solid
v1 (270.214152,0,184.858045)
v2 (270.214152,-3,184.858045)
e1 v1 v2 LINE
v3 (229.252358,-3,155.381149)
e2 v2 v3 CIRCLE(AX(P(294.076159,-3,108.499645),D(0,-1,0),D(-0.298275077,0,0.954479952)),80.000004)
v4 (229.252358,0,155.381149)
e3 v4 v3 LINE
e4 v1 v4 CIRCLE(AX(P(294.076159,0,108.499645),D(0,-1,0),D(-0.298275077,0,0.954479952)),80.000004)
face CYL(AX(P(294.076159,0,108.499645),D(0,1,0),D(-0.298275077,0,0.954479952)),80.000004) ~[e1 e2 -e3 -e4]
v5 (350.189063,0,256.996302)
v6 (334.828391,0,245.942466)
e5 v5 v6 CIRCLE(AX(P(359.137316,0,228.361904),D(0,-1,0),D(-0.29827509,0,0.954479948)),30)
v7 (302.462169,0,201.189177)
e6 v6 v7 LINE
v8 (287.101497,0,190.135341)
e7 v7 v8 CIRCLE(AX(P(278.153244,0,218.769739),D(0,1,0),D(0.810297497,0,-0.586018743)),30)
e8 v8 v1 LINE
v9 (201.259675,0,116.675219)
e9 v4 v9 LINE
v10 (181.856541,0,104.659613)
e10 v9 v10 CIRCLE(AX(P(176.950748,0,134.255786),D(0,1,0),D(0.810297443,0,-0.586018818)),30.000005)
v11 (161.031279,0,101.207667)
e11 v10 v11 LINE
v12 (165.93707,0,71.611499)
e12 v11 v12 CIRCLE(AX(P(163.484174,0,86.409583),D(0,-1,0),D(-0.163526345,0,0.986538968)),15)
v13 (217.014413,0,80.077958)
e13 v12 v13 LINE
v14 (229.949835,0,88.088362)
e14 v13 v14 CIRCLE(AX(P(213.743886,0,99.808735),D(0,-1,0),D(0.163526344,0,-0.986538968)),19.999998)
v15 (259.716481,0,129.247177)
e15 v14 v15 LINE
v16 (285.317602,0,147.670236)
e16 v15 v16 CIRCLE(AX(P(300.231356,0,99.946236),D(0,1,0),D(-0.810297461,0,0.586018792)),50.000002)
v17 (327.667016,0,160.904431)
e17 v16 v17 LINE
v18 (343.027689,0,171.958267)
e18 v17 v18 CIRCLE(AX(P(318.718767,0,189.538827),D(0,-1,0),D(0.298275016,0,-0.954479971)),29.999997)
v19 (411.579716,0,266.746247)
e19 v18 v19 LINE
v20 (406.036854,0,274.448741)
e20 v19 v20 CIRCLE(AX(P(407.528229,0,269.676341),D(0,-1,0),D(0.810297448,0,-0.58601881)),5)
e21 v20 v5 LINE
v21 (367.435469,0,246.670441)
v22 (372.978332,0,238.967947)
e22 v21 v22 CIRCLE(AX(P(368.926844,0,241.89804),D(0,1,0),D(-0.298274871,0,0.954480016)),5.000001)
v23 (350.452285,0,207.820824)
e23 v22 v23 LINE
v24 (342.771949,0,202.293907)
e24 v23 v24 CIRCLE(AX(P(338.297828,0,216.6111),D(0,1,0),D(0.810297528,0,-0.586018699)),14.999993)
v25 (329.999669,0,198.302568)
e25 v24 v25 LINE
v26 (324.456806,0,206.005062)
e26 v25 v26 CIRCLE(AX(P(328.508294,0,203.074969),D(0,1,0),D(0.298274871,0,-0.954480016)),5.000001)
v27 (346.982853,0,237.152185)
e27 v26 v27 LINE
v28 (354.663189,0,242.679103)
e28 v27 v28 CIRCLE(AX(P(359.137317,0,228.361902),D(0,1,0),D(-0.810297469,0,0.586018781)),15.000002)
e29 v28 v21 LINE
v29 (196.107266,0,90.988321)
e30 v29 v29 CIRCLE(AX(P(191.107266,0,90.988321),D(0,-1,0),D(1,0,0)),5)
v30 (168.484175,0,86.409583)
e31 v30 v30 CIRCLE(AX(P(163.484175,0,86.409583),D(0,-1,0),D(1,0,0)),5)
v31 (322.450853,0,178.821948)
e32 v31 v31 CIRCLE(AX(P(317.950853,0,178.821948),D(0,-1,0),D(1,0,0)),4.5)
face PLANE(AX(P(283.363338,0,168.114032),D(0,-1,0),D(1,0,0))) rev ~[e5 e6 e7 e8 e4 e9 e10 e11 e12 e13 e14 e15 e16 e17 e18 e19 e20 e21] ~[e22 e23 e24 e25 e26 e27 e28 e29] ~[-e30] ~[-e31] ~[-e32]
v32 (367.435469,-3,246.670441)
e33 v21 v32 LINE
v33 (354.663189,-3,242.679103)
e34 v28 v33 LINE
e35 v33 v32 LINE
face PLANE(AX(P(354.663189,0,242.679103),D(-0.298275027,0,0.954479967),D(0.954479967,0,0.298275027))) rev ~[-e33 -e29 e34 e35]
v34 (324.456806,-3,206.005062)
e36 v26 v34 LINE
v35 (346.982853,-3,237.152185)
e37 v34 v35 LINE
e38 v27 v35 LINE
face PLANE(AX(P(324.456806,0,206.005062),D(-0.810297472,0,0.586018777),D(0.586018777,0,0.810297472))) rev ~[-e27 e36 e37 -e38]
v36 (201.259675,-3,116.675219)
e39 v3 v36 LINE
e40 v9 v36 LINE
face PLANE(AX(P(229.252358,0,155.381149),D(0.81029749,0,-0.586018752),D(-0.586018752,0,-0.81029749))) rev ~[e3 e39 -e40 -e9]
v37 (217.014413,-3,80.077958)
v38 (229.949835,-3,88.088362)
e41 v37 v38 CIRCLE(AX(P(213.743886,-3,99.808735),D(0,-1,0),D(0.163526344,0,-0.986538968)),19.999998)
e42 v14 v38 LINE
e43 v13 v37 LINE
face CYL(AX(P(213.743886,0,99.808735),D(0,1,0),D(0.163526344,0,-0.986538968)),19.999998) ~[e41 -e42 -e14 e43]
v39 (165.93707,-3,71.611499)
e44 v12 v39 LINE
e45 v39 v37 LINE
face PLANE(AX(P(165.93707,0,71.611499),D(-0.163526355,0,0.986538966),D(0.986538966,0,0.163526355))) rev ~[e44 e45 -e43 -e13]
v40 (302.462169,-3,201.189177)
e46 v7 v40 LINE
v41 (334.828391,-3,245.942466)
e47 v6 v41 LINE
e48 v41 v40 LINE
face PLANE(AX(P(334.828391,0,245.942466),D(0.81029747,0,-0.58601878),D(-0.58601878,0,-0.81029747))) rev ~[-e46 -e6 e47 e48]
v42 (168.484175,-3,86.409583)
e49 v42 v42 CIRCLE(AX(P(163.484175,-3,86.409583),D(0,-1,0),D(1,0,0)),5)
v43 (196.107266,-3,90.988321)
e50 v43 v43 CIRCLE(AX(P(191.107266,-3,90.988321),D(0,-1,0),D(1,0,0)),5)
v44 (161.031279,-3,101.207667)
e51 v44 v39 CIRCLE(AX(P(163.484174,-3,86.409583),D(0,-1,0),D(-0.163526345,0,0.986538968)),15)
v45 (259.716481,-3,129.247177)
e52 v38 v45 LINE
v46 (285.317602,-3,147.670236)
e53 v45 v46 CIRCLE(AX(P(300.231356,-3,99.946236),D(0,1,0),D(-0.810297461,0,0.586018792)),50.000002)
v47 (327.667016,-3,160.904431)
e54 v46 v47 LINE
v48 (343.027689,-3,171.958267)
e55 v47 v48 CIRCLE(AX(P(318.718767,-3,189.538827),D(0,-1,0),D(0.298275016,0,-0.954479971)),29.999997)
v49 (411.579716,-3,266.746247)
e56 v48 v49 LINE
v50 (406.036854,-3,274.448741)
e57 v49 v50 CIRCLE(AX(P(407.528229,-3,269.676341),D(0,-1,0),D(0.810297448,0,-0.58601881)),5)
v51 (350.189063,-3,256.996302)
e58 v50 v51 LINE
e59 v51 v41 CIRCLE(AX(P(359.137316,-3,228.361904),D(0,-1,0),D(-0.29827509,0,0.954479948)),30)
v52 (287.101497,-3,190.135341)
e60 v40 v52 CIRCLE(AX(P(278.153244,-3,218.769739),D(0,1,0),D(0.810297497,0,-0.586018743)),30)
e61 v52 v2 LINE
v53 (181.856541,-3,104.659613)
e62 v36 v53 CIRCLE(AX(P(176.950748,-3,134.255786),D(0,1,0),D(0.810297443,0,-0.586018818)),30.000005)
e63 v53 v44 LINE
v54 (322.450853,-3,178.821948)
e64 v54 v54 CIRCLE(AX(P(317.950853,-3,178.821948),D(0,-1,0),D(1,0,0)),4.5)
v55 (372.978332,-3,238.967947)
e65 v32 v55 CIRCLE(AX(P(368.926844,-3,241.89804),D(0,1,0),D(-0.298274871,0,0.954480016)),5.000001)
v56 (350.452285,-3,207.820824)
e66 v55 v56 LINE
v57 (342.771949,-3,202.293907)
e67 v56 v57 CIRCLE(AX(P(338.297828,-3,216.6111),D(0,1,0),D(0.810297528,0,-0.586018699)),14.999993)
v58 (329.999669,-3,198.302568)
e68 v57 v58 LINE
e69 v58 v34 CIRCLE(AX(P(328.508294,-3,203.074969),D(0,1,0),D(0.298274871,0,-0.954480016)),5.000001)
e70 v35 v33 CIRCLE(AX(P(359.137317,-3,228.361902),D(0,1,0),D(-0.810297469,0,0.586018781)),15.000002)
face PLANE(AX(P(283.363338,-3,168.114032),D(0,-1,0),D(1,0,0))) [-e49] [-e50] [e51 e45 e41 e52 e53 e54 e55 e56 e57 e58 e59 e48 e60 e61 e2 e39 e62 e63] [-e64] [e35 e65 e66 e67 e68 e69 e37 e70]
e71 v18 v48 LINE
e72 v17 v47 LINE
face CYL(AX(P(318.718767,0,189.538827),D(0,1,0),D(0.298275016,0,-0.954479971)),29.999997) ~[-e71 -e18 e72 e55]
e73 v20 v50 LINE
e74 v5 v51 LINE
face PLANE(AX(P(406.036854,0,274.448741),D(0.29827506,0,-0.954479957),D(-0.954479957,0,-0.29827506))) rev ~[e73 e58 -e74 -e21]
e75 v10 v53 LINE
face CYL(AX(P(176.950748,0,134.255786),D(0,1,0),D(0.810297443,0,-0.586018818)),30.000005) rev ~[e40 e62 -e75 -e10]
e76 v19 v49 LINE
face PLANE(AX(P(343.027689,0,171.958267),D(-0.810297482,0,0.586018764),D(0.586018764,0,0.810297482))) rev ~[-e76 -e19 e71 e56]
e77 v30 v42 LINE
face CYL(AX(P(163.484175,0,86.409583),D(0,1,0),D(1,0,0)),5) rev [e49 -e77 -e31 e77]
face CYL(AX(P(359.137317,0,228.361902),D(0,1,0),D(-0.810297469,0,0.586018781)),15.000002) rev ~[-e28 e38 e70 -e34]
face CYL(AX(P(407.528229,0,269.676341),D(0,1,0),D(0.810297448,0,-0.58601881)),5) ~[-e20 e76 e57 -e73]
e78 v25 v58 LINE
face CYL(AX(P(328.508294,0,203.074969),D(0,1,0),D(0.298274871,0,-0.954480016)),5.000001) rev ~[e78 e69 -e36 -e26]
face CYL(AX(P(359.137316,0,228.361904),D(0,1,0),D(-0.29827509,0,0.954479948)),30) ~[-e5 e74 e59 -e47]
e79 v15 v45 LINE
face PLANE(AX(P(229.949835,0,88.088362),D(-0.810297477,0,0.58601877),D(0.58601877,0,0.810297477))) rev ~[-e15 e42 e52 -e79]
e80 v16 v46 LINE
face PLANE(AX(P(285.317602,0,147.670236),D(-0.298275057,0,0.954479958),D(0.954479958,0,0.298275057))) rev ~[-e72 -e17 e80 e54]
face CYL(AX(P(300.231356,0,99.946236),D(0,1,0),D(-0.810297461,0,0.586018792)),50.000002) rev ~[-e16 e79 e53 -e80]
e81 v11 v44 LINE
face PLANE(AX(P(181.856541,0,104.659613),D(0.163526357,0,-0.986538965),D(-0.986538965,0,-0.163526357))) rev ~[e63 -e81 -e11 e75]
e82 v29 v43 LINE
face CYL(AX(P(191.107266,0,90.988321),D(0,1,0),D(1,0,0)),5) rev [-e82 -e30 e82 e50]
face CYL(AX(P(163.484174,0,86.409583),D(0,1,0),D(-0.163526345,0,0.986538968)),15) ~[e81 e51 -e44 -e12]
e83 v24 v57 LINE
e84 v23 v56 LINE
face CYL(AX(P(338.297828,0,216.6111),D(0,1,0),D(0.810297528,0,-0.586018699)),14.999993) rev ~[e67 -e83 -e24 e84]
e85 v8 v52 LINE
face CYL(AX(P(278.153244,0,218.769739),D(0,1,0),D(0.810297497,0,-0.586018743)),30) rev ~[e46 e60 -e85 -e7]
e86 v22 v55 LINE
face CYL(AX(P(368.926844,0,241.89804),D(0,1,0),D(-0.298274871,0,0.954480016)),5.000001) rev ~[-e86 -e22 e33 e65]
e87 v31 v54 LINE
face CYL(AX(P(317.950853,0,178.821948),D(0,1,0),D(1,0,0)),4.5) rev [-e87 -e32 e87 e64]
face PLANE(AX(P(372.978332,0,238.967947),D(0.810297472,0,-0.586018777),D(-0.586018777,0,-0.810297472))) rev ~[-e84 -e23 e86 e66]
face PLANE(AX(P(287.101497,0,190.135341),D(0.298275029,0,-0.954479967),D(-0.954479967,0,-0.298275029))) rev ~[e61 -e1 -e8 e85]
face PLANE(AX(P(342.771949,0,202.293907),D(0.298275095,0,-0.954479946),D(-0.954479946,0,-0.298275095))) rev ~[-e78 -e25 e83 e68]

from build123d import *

# Parameters (mm, degrees)
F0_R     = 5
F0_R_2   = 4.5
F1_DEPTH = 3


with BuildPart() as f1:
    # F0 (on Front) → F1 (new body)
    with BuildSketch(Plane.XZ):
        with BuildLine():
            Line((181.856541, 104.659613), (161.031279, 101.207667))
            ThreePointArc((161.031279, 101.207667), (148.68609, 83.956688), (165.93707, 71.611499))
            Line((165.93707, 71.611499), (217.014413, 80.077958))
            ThreePointArc((217.014413, 80.077958), (224.273602, 82.805059), (229.949835, 88.088362))
            Line((229.949835, 88.088362), (259.716481, 129.247177))
            ThreePointArc((259.716481, 129.247177), (271.026296, 140.530281), (285.317602, 147.670236))
            Line((285.317602, 147.670236), (327.667016, 160.904431))
            ThreePointArc((327.667016, 160.904431), (336.2418, 165.188404), (343.027689, 171.958267))
            Line((343.027689, 171.958267), (411.579716, 266.746247))
            ThreePointArc((411.579716, 266.746247), (411.586633, 272.596847), (406.036854, 274.448741))
            Line((406.036854, 274.448741), (350.189063, 256.996302))
            ThreePointArc((350.189063, 256.996302), (341.61428, 252.712329), (334.828391, 245.942466))
            Line((334.828391, 245.942466), (302.462169, 201.189177))
            ThreePointArc((302.462169, 201.189177), (295.67628, 194.419314), (287.101497, 190.135341))
            Line((287.101497, 190.135341), (270.214152, 184.858045))
            ThreePointArc((270.214152, 184.858045), (247.348063, 173.434117), (229.252358, 155.381149))
            Line((229.252358, 155.381149), (201.259675, 116.675219))
            ThreePointArc((201.259675, 116.675219), (192.745325, 108.750265), (181.856541, 104.659613))
        make_face()
        with Locations((163.484175, 86.409583)):
            Circle(F0_R, mode=Mode.SUBTRACT)
        with Locations((191.107266, 90.988321)):
            Circle(F0_R, mode=Mode.SUBTRACT)
        with Locations((317.950853, 178.821948)):
            Circle(F0_R_2, mode=Mode.SUBTRACT)
        with BuildLine():
            ThreePointArc((346.982853, 237.152185), (350.375797, 240.537116), (354.663189, 242.679103))
            Line((354.663189, 242.679103), (367.435469, 246.670441))
            ThreePointArc((367.435469, 246.670441), (372.985248, 244.818547), (372.978332, 238.967947))
            Line((372.978332, 238.967947), (350.452285, 207.820824))
            ThreePointArc((350.452285, 207.820824), (347.059341, 204.435893), (342.771949, 202.293907))
            Line((342.771949, 202.293907), (329.999669, 198.302568))
            ThreePointArc((329.999669, 198.302568), (324.44989, 200.154462), (324.456806, 206.005062))
            Line((324.456806, 206.005062), (346.982853, 237.152185))
        make_face(mode=Mode.SUBTRACT)
    extrude(amount=F1_DEPTH)


solid = f1.part
